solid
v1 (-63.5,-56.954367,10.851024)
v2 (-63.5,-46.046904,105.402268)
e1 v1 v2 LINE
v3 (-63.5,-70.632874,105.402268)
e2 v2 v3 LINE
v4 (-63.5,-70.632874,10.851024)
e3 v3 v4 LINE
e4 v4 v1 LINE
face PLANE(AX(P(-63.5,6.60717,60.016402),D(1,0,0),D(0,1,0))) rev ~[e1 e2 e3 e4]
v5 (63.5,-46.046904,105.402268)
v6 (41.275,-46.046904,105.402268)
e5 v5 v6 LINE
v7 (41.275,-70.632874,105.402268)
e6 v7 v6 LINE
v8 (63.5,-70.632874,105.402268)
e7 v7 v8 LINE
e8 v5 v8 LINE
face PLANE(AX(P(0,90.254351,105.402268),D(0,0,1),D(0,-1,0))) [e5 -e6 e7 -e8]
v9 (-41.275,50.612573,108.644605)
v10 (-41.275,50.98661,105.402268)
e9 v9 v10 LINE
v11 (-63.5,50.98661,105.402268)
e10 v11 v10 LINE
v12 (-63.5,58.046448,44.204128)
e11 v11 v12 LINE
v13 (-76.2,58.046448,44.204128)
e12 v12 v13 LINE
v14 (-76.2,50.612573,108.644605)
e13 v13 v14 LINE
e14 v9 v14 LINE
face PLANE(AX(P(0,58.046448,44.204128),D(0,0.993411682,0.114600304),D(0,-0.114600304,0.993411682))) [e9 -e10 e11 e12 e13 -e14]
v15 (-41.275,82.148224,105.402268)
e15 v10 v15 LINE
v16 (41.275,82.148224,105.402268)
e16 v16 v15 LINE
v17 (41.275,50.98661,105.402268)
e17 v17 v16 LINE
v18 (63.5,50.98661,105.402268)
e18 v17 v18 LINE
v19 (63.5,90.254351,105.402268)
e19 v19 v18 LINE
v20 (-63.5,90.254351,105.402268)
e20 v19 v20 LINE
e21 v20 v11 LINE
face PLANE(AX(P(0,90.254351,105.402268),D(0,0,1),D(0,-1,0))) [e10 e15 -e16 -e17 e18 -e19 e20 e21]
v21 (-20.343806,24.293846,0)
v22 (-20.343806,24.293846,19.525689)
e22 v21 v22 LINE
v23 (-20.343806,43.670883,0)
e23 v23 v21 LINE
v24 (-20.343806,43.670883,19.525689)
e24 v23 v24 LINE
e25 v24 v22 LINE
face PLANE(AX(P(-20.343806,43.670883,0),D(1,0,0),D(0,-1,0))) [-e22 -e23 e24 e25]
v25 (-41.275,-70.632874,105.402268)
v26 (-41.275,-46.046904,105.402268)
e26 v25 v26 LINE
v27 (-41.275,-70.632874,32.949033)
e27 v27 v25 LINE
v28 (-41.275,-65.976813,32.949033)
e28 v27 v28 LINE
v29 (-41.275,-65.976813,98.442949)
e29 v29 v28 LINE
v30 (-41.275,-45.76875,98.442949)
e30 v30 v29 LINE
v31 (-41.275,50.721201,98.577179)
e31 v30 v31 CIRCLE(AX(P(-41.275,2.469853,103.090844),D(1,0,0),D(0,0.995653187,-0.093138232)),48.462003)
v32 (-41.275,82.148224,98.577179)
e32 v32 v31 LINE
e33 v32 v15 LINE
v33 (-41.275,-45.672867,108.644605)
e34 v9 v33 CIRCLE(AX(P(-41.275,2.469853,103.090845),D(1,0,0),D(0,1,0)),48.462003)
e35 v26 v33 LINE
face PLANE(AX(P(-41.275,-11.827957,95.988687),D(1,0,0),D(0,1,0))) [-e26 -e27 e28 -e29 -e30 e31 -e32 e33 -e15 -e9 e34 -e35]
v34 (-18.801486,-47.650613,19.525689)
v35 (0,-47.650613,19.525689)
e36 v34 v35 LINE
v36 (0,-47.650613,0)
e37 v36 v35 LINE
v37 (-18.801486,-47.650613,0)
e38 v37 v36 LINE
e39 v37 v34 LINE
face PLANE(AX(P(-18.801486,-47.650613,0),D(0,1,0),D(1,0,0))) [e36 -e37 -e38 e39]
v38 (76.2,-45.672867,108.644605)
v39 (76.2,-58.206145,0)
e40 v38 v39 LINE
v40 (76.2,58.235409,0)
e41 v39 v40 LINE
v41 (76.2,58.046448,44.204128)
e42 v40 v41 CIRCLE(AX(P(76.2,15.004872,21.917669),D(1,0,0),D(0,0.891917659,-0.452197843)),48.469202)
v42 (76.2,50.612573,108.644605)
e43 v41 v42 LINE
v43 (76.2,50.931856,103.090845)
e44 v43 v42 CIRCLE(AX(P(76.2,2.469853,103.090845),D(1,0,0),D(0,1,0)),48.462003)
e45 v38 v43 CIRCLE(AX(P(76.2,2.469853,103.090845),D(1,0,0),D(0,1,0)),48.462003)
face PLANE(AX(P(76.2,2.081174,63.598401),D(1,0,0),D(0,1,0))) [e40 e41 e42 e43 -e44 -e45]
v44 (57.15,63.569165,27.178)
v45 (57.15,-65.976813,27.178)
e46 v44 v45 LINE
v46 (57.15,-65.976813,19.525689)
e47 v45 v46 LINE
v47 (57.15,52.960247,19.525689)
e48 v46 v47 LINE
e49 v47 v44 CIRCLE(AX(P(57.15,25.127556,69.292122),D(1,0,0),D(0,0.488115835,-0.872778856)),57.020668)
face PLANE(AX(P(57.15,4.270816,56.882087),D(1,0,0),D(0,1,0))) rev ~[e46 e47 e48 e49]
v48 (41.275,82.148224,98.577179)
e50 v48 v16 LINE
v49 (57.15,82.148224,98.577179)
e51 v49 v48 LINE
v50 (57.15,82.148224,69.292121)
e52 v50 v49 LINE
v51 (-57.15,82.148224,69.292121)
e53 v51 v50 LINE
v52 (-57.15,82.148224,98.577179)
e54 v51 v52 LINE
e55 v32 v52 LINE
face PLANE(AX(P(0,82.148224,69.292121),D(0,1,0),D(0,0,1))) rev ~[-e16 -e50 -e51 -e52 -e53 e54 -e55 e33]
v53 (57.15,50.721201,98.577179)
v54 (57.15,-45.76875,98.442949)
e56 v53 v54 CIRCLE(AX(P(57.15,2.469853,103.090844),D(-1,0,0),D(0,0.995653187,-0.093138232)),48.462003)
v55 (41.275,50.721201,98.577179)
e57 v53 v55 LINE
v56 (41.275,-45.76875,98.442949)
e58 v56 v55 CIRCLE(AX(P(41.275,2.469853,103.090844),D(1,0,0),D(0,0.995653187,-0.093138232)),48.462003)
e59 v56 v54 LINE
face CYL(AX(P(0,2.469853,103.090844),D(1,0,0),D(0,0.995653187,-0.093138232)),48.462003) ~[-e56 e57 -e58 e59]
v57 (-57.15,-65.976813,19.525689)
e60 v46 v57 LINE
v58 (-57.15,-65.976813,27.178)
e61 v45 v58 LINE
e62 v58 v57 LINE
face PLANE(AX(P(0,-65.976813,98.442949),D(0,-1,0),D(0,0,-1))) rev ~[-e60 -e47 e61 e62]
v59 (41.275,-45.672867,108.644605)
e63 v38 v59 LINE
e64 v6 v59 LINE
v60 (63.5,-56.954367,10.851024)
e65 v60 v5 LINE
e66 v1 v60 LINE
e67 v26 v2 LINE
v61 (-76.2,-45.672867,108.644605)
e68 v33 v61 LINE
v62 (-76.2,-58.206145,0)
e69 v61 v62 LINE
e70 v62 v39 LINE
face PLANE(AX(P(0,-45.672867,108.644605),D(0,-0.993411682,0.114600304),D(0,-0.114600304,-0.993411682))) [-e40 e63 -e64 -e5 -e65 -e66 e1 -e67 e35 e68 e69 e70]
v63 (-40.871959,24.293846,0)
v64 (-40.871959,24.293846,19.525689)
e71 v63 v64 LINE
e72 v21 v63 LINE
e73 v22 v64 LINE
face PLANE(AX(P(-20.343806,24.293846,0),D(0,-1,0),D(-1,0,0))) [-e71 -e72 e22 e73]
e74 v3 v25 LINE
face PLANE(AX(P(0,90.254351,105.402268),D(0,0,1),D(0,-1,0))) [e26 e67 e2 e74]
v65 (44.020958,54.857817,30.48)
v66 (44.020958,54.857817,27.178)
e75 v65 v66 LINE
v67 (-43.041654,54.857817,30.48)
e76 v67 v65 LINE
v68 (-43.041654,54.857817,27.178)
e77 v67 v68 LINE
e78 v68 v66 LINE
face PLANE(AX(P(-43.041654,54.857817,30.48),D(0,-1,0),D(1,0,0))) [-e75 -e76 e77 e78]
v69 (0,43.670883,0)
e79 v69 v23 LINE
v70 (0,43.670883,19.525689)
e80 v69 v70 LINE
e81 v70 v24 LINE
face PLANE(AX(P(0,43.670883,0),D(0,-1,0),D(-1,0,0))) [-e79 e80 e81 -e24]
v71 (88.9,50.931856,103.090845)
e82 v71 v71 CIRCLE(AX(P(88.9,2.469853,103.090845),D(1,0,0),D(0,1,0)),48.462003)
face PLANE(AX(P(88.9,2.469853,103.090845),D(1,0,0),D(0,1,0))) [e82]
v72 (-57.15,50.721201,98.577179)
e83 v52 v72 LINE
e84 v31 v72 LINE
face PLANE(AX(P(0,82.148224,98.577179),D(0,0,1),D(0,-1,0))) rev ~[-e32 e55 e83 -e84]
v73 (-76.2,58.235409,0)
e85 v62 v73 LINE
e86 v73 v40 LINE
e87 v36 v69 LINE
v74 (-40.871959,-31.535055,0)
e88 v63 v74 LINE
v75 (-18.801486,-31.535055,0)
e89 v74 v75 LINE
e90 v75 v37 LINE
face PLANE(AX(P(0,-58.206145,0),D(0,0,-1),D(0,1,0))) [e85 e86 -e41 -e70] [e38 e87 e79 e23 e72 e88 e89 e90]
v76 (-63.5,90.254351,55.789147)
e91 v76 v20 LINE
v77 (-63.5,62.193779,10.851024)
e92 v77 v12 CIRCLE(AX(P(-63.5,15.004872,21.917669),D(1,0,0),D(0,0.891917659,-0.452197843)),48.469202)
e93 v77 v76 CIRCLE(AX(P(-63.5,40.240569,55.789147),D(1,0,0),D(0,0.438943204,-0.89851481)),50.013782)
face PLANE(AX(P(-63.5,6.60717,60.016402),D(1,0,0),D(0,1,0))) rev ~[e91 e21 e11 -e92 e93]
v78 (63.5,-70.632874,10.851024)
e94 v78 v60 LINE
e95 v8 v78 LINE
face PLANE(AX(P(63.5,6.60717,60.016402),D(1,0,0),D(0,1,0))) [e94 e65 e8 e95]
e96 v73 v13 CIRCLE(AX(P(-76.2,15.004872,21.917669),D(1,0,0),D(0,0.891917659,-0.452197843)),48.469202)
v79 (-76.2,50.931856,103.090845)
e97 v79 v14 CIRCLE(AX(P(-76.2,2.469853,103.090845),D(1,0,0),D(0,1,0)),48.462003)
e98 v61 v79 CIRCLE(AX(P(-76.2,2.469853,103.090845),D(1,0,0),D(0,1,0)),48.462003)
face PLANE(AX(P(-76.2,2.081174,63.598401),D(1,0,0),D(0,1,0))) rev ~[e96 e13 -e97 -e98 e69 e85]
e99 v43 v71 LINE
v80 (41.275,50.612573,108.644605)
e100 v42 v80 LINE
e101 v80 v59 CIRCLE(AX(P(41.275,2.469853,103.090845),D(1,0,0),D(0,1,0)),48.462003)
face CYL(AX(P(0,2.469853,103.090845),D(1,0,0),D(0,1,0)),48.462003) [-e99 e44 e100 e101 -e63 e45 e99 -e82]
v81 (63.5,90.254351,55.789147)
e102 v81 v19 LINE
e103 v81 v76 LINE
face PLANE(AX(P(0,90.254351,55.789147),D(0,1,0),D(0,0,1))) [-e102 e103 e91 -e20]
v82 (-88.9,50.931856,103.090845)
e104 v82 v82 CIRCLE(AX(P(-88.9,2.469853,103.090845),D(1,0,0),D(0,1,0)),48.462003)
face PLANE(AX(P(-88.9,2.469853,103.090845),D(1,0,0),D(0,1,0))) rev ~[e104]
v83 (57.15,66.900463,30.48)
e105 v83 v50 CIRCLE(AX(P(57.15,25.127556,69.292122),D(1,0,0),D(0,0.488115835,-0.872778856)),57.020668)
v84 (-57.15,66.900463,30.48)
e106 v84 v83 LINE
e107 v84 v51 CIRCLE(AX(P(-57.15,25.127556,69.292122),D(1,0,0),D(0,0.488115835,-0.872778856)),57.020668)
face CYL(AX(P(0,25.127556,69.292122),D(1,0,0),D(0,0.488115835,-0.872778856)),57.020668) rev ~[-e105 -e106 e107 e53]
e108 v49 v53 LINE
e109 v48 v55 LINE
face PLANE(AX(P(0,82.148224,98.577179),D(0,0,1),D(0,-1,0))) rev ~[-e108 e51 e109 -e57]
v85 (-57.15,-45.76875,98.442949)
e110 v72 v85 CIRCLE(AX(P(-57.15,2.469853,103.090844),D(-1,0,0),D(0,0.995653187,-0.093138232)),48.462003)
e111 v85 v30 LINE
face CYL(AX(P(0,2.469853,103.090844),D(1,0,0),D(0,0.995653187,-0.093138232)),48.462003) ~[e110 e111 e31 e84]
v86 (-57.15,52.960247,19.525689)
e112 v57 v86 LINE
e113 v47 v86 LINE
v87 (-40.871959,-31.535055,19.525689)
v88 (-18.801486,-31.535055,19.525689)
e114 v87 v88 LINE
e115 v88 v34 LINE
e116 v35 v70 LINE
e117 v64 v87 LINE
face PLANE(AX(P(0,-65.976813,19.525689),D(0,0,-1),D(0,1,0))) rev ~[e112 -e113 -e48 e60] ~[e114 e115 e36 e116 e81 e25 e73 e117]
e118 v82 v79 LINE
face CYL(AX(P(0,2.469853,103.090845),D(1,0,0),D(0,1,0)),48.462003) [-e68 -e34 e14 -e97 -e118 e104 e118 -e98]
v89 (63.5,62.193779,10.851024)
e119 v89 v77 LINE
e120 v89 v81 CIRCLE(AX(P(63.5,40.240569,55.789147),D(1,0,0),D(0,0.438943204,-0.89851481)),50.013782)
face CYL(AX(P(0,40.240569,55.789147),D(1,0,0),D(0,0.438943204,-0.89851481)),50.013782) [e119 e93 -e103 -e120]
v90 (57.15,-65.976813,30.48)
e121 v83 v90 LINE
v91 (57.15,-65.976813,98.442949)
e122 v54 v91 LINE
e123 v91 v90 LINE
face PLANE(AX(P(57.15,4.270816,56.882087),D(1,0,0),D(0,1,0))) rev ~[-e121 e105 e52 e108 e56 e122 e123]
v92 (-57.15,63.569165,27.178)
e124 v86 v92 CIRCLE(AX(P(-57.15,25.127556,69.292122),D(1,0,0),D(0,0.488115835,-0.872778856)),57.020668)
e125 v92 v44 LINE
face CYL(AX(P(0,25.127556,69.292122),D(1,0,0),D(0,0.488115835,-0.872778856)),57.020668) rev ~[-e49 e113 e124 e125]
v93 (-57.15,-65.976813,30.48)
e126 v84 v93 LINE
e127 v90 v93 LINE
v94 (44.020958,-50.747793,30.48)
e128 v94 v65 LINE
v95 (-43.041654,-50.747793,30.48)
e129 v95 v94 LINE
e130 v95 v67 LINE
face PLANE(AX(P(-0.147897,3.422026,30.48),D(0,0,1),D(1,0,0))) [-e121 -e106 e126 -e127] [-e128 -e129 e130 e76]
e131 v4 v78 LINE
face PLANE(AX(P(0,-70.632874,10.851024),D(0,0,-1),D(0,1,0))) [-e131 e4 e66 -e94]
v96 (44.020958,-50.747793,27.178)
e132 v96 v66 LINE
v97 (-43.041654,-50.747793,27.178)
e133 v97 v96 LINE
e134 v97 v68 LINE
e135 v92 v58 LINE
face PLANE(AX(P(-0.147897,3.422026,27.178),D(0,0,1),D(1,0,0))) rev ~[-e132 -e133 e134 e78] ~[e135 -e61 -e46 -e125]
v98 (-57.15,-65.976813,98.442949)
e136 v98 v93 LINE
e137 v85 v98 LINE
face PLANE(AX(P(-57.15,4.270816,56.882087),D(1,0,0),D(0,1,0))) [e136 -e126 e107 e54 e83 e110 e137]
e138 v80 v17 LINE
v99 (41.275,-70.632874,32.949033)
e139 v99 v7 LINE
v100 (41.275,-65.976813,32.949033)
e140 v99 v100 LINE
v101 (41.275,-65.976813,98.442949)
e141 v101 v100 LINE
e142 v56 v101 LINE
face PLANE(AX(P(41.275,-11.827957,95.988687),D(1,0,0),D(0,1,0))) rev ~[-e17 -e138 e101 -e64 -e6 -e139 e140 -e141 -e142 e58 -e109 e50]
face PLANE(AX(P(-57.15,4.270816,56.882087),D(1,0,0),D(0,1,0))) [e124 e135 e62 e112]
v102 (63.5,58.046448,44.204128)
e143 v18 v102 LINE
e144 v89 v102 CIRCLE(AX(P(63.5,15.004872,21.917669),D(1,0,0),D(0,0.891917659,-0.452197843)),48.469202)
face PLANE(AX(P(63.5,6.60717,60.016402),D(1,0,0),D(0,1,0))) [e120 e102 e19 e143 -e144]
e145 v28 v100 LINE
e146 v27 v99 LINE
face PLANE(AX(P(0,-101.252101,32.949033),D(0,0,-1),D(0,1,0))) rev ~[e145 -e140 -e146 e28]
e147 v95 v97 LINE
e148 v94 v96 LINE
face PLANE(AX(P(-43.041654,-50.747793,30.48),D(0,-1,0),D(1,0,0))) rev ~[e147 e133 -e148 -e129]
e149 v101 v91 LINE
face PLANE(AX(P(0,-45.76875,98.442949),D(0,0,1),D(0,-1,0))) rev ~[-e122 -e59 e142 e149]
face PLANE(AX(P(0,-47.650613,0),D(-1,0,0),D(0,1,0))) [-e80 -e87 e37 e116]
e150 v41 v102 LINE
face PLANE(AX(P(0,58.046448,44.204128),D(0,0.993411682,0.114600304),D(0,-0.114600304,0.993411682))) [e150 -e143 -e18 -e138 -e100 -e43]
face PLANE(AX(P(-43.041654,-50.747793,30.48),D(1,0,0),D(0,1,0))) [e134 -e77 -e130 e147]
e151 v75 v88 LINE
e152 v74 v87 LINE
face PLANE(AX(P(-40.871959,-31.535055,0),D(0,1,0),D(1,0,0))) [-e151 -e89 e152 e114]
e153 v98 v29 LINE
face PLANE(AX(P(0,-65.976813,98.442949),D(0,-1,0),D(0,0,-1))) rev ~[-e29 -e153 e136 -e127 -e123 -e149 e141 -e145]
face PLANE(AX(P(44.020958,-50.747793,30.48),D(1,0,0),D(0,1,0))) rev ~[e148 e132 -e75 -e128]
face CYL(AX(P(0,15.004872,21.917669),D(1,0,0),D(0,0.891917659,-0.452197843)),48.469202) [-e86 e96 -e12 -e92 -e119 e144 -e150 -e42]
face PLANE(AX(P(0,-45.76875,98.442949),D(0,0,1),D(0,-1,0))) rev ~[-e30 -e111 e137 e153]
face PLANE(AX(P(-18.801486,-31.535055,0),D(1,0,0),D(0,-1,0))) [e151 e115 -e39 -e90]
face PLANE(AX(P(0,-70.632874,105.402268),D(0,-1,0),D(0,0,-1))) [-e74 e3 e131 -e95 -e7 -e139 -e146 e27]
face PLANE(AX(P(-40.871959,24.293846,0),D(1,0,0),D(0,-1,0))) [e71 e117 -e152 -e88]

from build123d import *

# Parameters (mm, degrees)
F1_DEPTH  = 76.2
F2_R      = 48.462003
F3_DEPTH  = 88.9
F5_DEPTH  = 63.5
F7_DEPTH  = 41.275
F9_DEPTH  = 57.15
F11_W     = 122.617453
F11_H     = 143.214412
F11_W_2   = 87.062612
F11_H_2   = 105.60561
F12_DEPTH = 3.302
F14_DEPTH = 25.4


with BuildPart() as f1:
    # F0 (on Right) → F1 (new body, symmetric)
    with BuildSketch(Plane.YZ):
        with BuildLine():
            Line((-45.672867, 108.644605), (-58.206145, 0))
            Line((-58.206145, 0), (58.235409, 0))
            ThreePointArc((58.235409, 0), (63.473631, 22.12486), (58.046448, 44.204128))
            Line((58.046448, 44.204128), (50.612573, 108.644605))
            ThreePointArc((50.612573, 108.644605), (2.469853, 151.552848), (-45.672867, 108.644605))
        make_face()
    extrude(amount=F1_DEPTH, both=True)

    # F2 (on Right) → F3 (join, symmetric)
    with BuildSketch(Plane.YZ):
        with Locations((2.469853, 103.090845)):
            Circle(F2_R)
    extrude(amount=F3_DEPTH, both=True)

    # F4 (on Right) → F5 (join, symmetric)
    with BuildSketch(Plane.YZ):
        with BuildLine():
            Line((90.254351, 105.402268), (-70.632874, 105.402268))
            Line((-70.632874, 105.402268), (-70.632874, 10.851024))
            Line((-70.632874, 10.851024), (62.193779, 10.851024))
            ThreePointArc((62.193779, 10.851024), (82.663095, 29.299382), (90.254351, 55.789147))
            Line((90.254351, 55.789147), (90.254351, 105.402268))
        make_face()
    extrude(amount=F5_DEPTH, both=True)

    # F6 (on Right) → F7 (cut, symmetric)
    with BuildSketch(Plane.YZ):
        with BuildLine():
            Line((82.148224, 166.311592), (-101.252101, 166.311592))
            Line((-101.252101, 166.311592), (-101.252101, 32.949033))
            Line((-101.252101, 32.949033), (-65.976813, 32.949033))
            Line((-65.976813, 32.949033), (-65.976813, 19.525689))
            Line((-65.976813, 19.525689), (52.960247, 19.525689))
            ThreePointArc((52.960247, 19.525689), (74.312895, 40.444956), (82.148224, 69.292121))
            Line((82.148224, 69.292121), (82.148224, 166.311592))
        make_face()
    extrude(amount=F7_DEPTH, both=True, mode=Mode.SUBTRACT)

    # F8 (on Right) → F9 (cut, symmetric)
    with BuildSketch(Plane.YZ):
        with BuildLine():
            ThreePointArc((50.721201, 98.577179), (2.53727, 54.628888), (-45.76875, 98.442949))
            Line((-45.76875, 98.442949), (-65.976813, 98.442949))
            Line((-65.976813, 98.442949), (-65.976813, 19.525689))
            Line((-65.976813, 19.525689), (52.960247, 19.525689))
            ThreePointArc((52.960247, 19.525689), (74.312895, 40.444956), (82.148224, 69.292121))
            Line((82.148224, 69.292121), (82.148224, 98.577179))
            Line((82.148224, 98.577179), (50.721201, 98.577179))
        make_face()
    extrude(amount=F9_DEPTH, both=True, mode=Mode.SUBTRACT)

    # F11 (on offset) → F12 (join)
    with BuildSketch(Plane.XY.offset(30.48)):
        with Locations((-0.147897, 3.422026)):
            Rectangle(F11_W, F11_H)
        with Locations((0.489652, 2.055012)):
            Rectangle(F11_W_2, F11_H_2, mode=Mode.SUBTRACT)
    extrude(amount=-F12_DEPTH)

    # F13 (on Top) → F14 (cut)
    with BuildSketch(Plane.XY):
        Polygon((-40.871959, 24.293846), (-40.871959, -31.535055), (-18.801486, -31.535055), (-18.801486, -47.650613), (0, -47.650613), (0, 43.670883), (-20.343806, 43.670883), (-20.343806, 24.293846), align=None)
    extrude(amount=F14_DEPTH, mode=Mode.SUBTRACT)


solid = f1.part
